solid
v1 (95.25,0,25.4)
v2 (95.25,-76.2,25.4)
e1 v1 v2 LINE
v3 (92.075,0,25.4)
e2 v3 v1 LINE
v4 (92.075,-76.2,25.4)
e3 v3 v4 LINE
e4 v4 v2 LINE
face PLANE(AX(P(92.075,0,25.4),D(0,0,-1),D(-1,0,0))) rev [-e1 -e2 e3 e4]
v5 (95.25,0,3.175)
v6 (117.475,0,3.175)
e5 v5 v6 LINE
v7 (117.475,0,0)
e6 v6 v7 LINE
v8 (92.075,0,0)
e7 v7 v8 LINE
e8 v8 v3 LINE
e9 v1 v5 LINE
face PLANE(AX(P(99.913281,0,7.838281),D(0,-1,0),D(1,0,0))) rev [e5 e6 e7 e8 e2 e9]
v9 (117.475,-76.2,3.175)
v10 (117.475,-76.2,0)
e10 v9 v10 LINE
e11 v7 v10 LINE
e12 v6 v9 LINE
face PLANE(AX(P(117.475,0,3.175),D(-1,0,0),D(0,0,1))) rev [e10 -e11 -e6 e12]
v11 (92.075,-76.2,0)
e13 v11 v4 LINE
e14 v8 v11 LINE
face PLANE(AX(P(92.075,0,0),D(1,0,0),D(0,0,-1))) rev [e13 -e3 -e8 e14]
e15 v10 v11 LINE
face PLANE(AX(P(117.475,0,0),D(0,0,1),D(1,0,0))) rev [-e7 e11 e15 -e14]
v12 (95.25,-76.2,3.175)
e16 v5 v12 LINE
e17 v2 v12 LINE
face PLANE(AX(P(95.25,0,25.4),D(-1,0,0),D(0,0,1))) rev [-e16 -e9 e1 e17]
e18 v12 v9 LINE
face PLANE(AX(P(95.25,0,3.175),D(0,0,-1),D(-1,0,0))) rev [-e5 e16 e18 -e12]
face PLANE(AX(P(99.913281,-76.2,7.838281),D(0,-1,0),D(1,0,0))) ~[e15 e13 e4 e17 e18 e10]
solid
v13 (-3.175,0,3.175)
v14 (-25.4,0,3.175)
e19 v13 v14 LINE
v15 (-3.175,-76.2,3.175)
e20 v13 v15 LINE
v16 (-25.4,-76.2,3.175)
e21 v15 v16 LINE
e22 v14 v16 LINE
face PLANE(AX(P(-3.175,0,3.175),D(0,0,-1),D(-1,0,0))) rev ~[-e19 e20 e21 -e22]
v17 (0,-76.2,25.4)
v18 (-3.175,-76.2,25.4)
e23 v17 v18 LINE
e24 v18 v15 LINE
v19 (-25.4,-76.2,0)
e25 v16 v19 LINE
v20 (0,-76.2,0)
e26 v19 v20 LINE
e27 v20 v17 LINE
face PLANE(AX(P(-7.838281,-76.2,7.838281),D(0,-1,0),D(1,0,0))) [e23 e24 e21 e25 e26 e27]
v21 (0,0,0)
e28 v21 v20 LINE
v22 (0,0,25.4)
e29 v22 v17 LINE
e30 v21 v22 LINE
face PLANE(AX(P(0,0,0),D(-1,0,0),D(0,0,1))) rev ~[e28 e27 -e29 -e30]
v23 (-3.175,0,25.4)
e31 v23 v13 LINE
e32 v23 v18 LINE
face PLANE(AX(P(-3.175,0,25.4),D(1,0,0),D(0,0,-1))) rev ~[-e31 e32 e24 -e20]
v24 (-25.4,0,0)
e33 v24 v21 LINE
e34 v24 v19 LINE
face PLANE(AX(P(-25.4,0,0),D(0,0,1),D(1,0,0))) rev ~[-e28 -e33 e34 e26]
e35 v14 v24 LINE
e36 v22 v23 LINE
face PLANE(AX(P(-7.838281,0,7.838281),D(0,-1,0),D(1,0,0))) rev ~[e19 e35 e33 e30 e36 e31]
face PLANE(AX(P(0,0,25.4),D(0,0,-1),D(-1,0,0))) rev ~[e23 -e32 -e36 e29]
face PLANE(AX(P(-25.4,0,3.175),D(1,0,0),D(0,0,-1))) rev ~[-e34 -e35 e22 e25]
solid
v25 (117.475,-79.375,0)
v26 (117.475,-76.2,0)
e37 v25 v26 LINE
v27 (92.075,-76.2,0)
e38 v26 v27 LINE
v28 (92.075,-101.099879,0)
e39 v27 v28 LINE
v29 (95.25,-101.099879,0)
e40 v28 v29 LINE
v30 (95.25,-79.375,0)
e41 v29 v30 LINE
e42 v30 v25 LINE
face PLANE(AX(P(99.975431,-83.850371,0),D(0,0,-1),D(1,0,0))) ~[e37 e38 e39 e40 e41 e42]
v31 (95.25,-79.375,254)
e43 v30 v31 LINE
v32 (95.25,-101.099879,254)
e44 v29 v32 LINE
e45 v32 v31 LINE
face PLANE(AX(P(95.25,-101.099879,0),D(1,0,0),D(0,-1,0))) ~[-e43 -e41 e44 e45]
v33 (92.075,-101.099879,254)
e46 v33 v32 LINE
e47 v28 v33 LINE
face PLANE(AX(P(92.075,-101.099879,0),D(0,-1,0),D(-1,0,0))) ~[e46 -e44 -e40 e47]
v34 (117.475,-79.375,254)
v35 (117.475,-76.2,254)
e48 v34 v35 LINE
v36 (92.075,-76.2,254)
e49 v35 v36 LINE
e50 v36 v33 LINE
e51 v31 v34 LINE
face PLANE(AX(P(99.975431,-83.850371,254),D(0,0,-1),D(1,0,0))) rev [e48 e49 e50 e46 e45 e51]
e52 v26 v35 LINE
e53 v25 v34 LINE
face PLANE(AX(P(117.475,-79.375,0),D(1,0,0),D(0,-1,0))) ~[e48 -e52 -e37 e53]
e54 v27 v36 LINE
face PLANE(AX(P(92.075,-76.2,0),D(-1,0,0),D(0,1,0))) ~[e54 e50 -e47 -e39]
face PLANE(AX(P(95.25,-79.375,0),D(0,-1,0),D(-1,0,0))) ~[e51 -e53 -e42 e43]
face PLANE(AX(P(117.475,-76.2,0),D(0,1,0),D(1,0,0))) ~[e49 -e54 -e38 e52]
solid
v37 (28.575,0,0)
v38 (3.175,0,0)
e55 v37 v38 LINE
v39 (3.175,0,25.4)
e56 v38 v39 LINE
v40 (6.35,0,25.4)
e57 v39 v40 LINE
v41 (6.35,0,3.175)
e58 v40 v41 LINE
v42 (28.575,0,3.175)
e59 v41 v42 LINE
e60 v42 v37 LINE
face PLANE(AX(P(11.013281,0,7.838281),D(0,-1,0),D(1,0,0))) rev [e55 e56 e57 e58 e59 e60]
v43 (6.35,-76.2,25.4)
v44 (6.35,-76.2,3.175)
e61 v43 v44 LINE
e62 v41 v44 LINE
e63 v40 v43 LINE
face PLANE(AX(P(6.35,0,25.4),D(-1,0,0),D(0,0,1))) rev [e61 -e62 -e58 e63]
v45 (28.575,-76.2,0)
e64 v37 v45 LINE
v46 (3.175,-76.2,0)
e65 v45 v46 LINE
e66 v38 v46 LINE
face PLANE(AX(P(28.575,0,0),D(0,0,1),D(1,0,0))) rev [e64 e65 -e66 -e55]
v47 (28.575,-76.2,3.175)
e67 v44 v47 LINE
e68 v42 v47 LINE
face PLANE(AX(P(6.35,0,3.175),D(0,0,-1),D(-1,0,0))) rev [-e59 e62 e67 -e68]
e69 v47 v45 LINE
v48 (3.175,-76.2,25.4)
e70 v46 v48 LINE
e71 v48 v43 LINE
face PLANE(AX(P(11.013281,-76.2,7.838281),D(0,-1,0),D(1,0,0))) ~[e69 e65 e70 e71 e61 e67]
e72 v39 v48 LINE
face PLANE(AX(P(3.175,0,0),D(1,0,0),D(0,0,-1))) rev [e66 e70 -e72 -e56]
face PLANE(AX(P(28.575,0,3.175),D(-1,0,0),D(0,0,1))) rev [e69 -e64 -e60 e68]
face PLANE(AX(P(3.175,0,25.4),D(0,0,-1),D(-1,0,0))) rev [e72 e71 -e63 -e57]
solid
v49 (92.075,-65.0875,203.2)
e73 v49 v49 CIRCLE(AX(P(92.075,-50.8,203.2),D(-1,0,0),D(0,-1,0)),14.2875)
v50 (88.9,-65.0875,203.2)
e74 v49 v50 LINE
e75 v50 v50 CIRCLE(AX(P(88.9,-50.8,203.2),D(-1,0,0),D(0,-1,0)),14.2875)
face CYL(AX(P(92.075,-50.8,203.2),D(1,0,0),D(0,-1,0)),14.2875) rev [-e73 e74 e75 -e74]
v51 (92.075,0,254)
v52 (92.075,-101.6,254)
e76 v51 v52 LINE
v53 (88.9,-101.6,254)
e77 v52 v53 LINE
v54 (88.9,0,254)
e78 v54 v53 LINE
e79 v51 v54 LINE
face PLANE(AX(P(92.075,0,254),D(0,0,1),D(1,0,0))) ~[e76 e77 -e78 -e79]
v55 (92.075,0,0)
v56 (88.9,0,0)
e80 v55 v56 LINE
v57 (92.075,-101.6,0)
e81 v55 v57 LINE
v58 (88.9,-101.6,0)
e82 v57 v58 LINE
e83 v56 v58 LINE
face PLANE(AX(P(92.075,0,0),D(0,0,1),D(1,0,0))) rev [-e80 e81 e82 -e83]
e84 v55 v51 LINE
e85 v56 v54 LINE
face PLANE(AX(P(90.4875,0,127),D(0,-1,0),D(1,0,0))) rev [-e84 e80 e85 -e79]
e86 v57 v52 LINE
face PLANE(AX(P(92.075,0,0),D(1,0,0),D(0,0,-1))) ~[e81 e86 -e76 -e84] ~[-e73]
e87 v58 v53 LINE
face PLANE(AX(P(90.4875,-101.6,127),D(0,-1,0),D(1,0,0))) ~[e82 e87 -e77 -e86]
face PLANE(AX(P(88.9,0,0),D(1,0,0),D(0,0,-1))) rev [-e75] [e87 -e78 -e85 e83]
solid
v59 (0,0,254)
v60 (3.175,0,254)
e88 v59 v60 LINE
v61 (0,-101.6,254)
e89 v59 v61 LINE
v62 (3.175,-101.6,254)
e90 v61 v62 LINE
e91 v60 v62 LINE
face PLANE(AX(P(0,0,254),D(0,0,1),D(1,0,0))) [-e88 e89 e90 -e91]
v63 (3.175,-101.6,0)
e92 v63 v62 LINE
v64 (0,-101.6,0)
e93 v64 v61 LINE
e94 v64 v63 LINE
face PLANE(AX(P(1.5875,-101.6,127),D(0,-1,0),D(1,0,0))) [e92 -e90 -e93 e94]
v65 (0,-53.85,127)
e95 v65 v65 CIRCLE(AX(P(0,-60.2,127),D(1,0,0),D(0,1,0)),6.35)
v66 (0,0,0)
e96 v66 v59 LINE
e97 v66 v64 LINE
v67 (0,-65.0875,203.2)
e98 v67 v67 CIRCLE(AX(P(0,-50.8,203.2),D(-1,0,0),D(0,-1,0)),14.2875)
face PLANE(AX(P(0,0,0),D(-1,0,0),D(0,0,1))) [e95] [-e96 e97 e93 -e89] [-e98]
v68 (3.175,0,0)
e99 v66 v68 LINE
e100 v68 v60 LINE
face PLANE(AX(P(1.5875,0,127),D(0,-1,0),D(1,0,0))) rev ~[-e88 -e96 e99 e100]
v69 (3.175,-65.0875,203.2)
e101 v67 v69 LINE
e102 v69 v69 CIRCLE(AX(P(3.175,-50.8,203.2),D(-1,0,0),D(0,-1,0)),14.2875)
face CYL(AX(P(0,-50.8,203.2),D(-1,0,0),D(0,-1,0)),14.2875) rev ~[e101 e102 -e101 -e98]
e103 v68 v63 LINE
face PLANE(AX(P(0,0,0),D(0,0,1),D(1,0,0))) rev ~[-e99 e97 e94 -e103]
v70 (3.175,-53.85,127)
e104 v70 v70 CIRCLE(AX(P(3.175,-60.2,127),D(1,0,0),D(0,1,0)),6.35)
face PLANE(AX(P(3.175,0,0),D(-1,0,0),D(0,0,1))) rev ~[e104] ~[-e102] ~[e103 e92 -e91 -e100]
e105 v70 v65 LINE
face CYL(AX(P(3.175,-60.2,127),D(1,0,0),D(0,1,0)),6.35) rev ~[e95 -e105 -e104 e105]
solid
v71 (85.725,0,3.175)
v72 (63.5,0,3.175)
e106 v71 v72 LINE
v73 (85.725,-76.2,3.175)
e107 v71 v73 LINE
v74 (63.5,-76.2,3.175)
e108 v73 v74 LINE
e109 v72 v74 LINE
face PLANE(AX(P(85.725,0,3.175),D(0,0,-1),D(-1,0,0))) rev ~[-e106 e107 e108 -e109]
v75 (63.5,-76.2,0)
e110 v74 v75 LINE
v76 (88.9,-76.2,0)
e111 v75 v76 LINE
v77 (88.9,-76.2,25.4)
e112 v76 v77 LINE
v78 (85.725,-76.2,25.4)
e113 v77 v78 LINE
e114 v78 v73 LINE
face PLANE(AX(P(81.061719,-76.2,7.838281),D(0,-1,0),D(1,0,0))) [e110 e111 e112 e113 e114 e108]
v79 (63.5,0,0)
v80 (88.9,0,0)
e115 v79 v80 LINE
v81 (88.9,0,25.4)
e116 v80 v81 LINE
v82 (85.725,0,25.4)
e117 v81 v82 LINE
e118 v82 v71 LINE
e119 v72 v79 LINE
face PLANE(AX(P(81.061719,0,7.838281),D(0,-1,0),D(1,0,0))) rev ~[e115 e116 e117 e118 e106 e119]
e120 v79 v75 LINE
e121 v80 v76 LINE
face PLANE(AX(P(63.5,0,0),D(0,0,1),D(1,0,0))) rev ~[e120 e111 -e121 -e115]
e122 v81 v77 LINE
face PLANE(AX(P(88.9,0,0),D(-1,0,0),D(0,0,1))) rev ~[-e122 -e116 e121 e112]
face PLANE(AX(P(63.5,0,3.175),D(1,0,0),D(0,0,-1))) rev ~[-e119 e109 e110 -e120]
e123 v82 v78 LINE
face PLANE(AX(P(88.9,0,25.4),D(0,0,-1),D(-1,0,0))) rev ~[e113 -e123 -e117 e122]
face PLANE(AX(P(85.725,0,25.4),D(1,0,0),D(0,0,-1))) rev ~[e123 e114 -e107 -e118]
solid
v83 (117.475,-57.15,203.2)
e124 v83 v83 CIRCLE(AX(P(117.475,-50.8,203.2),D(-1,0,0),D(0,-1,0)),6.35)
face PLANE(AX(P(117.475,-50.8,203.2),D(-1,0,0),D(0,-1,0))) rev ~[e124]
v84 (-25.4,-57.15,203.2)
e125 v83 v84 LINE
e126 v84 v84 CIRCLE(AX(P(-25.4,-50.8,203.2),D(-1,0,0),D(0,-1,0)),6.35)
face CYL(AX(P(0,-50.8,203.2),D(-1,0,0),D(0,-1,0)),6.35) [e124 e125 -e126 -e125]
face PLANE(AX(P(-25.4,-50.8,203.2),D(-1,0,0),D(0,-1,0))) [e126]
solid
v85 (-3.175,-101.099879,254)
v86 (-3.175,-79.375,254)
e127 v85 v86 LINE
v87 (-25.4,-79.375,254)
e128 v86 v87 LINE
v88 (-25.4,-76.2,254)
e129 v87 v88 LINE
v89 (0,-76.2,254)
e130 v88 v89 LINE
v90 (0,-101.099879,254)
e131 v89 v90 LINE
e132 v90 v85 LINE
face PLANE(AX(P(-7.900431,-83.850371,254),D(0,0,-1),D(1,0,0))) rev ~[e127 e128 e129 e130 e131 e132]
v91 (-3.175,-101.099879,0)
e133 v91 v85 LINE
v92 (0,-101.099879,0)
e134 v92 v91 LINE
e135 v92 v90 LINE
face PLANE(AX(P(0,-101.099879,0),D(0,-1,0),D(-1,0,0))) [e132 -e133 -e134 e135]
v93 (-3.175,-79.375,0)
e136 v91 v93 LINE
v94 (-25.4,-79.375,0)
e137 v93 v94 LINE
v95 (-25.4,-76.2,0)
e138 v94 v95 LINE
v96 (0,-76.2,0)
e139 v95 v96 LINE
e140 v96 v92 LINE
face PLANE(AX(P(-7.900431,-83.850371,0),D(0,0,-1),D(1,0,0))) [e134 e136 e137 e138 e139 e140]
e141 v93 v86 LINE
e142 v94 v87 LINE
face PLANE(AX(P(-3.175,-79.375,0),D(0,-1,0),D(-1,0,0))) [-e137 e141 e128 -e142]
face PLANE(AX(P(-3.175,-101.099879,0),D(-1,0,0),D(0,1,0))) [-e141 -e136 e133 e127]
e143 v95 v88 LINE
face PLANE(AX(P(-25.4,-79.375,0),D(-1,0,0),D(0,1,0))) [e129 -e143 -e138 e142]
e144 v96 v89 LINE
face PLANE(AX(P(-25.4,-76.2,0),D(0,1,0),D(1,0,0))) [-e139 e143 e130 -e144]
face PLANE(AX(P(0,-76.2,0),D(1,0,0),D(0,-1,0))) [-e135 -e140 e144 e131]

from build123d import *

# Parameters (mm, degrees)
F1_DEPTH       = 76.2
F2_W           = 3.175
F2_H           = 254
F3_DEPTH       = 101.6
F4_R           = 14.2875
F5_DEPTH       = 25.4
F9_DEPTH       = 254
F12_R          = 6.35
F13_DEPTH      = 25.4
F13_DEPTH_BACK = 117.475
F14_R          = 6.35
F15_DEPTH      = 25.4


with BuildPart() as f1:
    # F0 (on Front) → F1 (new body)
    with BuildSketch(Plane.XZ):
        Polygon((-25.4, 0), (0, 0), (0, 25.4), (-3.175, 25.4), (-3.175, 3.175), (-25.4, 3.175), align=None)
    extrude(amount=F1_DEPTH)


with BuildPart() as f3:
    # F2 (on Front) → F3 (new body)
    with BuildSketch(Plane.XZ):
        with Locations((1.5875, 127)):
            Rectangle(F2_W, F2_H)
    extrude(amount=F3_DEPTH)

    # F4 (on face) → F5 (cut)
    with BuildSketch(Plane(origin=(0, 0, 0), x_dir=(0, -1, 0), z_dir=(-1, 0, 0))):
        with Locations((50.8, 203.2)):
            Circle(F4_R)
    extrude(amount=-F5_DEPTH, mode=Mode.SUBTRACT)


with BuildPart() as f7_1:
    # F7: instance of F1
    add(f1.part.mirror(Plane(origin=(1.5875, -50.8, 125.0581364991), x_dir=(0, -1, 0), z_dir=(-1, 0, 0))))


with BuildPart() as f9:
    # F8 (on face) → F9 (new body)
    with BuildSketch(Plane(origin=(0, 0, 0), x_dir=(1, 0, 0), z_dir=(0, 0, -1))):
        Polygon((-25.4, 79.375), (-25.4, 76.2), (0, 76.2), (0, 101.0998785496), (-3.175, 101.0998785496), (-3.175, 79.375), align=None)
    extrude(amount=-F9_DEPTH)


with BuildPart() as f11_1:
    # F11: instance of F3
    add(f3.part.mirror(Plane(origin=(46.0375, -50.8, 125.0581364991), x_dir=(0, -1, 0), z_dir=(-1, 0, 0))))


with BuildPart() as f11_2:
    # F11: instance of F7_1
    add(f7_1.part.mirror(Plane(origin=(46.0375, -50.8, 125.0581364991), x_dir=(0, -1, 0), z_dir=(-1, 0, 0))))


with BuildPart() as f11_3:
    # F11: instance of F9
    add(f9.part.mirror(Plane(origin=(46.0375, -50.8, 125.0581364991), x_dir=(0, -1, 0), z_dir=(-1, 0, 0))))


with BuildPart() as f11_4:
    # F11: instance of F1
    add(f1.part.mirror(Plane(origin=(46.0375, -50.8, 125.0581364991), x_dir=(0, -1, 0), z_dir=(-1, 0, 0))))


with BuildPart() as f13:
    # F12 (on face) → F13 (new body, two sides)
    with BuildSketch(Plane(origin=(0, 0, 0), x_dir=(0, -1, 0), z_dir=(-1, 0, 0))) as f13_sk:
        with Locations((50.8, 203.2)):
            Circle(F12_R)
    extrude(amount=F13_DEPTH)
    extrude(f13_sk.sketch, amount=-F13_DEPTH_BACK)


with BuildPart() as f3_1:
    add(f3.part)

    # F14 (on face) → F15 (cut)
    with BuildSketch(Plane.YZ.offset(3.175)):
        with Locations((-60.2, 127)):
            Circle(F14_R)
    extrude(amount=-F15_DEPTH, mode=Mode.SUBTRACT)


solid = Compound([f1.part, f7_1.part, f9.part, f11_1.part, f11_2.part, f11_3.part, f11_4.part, f13.part, f3_1.part])
